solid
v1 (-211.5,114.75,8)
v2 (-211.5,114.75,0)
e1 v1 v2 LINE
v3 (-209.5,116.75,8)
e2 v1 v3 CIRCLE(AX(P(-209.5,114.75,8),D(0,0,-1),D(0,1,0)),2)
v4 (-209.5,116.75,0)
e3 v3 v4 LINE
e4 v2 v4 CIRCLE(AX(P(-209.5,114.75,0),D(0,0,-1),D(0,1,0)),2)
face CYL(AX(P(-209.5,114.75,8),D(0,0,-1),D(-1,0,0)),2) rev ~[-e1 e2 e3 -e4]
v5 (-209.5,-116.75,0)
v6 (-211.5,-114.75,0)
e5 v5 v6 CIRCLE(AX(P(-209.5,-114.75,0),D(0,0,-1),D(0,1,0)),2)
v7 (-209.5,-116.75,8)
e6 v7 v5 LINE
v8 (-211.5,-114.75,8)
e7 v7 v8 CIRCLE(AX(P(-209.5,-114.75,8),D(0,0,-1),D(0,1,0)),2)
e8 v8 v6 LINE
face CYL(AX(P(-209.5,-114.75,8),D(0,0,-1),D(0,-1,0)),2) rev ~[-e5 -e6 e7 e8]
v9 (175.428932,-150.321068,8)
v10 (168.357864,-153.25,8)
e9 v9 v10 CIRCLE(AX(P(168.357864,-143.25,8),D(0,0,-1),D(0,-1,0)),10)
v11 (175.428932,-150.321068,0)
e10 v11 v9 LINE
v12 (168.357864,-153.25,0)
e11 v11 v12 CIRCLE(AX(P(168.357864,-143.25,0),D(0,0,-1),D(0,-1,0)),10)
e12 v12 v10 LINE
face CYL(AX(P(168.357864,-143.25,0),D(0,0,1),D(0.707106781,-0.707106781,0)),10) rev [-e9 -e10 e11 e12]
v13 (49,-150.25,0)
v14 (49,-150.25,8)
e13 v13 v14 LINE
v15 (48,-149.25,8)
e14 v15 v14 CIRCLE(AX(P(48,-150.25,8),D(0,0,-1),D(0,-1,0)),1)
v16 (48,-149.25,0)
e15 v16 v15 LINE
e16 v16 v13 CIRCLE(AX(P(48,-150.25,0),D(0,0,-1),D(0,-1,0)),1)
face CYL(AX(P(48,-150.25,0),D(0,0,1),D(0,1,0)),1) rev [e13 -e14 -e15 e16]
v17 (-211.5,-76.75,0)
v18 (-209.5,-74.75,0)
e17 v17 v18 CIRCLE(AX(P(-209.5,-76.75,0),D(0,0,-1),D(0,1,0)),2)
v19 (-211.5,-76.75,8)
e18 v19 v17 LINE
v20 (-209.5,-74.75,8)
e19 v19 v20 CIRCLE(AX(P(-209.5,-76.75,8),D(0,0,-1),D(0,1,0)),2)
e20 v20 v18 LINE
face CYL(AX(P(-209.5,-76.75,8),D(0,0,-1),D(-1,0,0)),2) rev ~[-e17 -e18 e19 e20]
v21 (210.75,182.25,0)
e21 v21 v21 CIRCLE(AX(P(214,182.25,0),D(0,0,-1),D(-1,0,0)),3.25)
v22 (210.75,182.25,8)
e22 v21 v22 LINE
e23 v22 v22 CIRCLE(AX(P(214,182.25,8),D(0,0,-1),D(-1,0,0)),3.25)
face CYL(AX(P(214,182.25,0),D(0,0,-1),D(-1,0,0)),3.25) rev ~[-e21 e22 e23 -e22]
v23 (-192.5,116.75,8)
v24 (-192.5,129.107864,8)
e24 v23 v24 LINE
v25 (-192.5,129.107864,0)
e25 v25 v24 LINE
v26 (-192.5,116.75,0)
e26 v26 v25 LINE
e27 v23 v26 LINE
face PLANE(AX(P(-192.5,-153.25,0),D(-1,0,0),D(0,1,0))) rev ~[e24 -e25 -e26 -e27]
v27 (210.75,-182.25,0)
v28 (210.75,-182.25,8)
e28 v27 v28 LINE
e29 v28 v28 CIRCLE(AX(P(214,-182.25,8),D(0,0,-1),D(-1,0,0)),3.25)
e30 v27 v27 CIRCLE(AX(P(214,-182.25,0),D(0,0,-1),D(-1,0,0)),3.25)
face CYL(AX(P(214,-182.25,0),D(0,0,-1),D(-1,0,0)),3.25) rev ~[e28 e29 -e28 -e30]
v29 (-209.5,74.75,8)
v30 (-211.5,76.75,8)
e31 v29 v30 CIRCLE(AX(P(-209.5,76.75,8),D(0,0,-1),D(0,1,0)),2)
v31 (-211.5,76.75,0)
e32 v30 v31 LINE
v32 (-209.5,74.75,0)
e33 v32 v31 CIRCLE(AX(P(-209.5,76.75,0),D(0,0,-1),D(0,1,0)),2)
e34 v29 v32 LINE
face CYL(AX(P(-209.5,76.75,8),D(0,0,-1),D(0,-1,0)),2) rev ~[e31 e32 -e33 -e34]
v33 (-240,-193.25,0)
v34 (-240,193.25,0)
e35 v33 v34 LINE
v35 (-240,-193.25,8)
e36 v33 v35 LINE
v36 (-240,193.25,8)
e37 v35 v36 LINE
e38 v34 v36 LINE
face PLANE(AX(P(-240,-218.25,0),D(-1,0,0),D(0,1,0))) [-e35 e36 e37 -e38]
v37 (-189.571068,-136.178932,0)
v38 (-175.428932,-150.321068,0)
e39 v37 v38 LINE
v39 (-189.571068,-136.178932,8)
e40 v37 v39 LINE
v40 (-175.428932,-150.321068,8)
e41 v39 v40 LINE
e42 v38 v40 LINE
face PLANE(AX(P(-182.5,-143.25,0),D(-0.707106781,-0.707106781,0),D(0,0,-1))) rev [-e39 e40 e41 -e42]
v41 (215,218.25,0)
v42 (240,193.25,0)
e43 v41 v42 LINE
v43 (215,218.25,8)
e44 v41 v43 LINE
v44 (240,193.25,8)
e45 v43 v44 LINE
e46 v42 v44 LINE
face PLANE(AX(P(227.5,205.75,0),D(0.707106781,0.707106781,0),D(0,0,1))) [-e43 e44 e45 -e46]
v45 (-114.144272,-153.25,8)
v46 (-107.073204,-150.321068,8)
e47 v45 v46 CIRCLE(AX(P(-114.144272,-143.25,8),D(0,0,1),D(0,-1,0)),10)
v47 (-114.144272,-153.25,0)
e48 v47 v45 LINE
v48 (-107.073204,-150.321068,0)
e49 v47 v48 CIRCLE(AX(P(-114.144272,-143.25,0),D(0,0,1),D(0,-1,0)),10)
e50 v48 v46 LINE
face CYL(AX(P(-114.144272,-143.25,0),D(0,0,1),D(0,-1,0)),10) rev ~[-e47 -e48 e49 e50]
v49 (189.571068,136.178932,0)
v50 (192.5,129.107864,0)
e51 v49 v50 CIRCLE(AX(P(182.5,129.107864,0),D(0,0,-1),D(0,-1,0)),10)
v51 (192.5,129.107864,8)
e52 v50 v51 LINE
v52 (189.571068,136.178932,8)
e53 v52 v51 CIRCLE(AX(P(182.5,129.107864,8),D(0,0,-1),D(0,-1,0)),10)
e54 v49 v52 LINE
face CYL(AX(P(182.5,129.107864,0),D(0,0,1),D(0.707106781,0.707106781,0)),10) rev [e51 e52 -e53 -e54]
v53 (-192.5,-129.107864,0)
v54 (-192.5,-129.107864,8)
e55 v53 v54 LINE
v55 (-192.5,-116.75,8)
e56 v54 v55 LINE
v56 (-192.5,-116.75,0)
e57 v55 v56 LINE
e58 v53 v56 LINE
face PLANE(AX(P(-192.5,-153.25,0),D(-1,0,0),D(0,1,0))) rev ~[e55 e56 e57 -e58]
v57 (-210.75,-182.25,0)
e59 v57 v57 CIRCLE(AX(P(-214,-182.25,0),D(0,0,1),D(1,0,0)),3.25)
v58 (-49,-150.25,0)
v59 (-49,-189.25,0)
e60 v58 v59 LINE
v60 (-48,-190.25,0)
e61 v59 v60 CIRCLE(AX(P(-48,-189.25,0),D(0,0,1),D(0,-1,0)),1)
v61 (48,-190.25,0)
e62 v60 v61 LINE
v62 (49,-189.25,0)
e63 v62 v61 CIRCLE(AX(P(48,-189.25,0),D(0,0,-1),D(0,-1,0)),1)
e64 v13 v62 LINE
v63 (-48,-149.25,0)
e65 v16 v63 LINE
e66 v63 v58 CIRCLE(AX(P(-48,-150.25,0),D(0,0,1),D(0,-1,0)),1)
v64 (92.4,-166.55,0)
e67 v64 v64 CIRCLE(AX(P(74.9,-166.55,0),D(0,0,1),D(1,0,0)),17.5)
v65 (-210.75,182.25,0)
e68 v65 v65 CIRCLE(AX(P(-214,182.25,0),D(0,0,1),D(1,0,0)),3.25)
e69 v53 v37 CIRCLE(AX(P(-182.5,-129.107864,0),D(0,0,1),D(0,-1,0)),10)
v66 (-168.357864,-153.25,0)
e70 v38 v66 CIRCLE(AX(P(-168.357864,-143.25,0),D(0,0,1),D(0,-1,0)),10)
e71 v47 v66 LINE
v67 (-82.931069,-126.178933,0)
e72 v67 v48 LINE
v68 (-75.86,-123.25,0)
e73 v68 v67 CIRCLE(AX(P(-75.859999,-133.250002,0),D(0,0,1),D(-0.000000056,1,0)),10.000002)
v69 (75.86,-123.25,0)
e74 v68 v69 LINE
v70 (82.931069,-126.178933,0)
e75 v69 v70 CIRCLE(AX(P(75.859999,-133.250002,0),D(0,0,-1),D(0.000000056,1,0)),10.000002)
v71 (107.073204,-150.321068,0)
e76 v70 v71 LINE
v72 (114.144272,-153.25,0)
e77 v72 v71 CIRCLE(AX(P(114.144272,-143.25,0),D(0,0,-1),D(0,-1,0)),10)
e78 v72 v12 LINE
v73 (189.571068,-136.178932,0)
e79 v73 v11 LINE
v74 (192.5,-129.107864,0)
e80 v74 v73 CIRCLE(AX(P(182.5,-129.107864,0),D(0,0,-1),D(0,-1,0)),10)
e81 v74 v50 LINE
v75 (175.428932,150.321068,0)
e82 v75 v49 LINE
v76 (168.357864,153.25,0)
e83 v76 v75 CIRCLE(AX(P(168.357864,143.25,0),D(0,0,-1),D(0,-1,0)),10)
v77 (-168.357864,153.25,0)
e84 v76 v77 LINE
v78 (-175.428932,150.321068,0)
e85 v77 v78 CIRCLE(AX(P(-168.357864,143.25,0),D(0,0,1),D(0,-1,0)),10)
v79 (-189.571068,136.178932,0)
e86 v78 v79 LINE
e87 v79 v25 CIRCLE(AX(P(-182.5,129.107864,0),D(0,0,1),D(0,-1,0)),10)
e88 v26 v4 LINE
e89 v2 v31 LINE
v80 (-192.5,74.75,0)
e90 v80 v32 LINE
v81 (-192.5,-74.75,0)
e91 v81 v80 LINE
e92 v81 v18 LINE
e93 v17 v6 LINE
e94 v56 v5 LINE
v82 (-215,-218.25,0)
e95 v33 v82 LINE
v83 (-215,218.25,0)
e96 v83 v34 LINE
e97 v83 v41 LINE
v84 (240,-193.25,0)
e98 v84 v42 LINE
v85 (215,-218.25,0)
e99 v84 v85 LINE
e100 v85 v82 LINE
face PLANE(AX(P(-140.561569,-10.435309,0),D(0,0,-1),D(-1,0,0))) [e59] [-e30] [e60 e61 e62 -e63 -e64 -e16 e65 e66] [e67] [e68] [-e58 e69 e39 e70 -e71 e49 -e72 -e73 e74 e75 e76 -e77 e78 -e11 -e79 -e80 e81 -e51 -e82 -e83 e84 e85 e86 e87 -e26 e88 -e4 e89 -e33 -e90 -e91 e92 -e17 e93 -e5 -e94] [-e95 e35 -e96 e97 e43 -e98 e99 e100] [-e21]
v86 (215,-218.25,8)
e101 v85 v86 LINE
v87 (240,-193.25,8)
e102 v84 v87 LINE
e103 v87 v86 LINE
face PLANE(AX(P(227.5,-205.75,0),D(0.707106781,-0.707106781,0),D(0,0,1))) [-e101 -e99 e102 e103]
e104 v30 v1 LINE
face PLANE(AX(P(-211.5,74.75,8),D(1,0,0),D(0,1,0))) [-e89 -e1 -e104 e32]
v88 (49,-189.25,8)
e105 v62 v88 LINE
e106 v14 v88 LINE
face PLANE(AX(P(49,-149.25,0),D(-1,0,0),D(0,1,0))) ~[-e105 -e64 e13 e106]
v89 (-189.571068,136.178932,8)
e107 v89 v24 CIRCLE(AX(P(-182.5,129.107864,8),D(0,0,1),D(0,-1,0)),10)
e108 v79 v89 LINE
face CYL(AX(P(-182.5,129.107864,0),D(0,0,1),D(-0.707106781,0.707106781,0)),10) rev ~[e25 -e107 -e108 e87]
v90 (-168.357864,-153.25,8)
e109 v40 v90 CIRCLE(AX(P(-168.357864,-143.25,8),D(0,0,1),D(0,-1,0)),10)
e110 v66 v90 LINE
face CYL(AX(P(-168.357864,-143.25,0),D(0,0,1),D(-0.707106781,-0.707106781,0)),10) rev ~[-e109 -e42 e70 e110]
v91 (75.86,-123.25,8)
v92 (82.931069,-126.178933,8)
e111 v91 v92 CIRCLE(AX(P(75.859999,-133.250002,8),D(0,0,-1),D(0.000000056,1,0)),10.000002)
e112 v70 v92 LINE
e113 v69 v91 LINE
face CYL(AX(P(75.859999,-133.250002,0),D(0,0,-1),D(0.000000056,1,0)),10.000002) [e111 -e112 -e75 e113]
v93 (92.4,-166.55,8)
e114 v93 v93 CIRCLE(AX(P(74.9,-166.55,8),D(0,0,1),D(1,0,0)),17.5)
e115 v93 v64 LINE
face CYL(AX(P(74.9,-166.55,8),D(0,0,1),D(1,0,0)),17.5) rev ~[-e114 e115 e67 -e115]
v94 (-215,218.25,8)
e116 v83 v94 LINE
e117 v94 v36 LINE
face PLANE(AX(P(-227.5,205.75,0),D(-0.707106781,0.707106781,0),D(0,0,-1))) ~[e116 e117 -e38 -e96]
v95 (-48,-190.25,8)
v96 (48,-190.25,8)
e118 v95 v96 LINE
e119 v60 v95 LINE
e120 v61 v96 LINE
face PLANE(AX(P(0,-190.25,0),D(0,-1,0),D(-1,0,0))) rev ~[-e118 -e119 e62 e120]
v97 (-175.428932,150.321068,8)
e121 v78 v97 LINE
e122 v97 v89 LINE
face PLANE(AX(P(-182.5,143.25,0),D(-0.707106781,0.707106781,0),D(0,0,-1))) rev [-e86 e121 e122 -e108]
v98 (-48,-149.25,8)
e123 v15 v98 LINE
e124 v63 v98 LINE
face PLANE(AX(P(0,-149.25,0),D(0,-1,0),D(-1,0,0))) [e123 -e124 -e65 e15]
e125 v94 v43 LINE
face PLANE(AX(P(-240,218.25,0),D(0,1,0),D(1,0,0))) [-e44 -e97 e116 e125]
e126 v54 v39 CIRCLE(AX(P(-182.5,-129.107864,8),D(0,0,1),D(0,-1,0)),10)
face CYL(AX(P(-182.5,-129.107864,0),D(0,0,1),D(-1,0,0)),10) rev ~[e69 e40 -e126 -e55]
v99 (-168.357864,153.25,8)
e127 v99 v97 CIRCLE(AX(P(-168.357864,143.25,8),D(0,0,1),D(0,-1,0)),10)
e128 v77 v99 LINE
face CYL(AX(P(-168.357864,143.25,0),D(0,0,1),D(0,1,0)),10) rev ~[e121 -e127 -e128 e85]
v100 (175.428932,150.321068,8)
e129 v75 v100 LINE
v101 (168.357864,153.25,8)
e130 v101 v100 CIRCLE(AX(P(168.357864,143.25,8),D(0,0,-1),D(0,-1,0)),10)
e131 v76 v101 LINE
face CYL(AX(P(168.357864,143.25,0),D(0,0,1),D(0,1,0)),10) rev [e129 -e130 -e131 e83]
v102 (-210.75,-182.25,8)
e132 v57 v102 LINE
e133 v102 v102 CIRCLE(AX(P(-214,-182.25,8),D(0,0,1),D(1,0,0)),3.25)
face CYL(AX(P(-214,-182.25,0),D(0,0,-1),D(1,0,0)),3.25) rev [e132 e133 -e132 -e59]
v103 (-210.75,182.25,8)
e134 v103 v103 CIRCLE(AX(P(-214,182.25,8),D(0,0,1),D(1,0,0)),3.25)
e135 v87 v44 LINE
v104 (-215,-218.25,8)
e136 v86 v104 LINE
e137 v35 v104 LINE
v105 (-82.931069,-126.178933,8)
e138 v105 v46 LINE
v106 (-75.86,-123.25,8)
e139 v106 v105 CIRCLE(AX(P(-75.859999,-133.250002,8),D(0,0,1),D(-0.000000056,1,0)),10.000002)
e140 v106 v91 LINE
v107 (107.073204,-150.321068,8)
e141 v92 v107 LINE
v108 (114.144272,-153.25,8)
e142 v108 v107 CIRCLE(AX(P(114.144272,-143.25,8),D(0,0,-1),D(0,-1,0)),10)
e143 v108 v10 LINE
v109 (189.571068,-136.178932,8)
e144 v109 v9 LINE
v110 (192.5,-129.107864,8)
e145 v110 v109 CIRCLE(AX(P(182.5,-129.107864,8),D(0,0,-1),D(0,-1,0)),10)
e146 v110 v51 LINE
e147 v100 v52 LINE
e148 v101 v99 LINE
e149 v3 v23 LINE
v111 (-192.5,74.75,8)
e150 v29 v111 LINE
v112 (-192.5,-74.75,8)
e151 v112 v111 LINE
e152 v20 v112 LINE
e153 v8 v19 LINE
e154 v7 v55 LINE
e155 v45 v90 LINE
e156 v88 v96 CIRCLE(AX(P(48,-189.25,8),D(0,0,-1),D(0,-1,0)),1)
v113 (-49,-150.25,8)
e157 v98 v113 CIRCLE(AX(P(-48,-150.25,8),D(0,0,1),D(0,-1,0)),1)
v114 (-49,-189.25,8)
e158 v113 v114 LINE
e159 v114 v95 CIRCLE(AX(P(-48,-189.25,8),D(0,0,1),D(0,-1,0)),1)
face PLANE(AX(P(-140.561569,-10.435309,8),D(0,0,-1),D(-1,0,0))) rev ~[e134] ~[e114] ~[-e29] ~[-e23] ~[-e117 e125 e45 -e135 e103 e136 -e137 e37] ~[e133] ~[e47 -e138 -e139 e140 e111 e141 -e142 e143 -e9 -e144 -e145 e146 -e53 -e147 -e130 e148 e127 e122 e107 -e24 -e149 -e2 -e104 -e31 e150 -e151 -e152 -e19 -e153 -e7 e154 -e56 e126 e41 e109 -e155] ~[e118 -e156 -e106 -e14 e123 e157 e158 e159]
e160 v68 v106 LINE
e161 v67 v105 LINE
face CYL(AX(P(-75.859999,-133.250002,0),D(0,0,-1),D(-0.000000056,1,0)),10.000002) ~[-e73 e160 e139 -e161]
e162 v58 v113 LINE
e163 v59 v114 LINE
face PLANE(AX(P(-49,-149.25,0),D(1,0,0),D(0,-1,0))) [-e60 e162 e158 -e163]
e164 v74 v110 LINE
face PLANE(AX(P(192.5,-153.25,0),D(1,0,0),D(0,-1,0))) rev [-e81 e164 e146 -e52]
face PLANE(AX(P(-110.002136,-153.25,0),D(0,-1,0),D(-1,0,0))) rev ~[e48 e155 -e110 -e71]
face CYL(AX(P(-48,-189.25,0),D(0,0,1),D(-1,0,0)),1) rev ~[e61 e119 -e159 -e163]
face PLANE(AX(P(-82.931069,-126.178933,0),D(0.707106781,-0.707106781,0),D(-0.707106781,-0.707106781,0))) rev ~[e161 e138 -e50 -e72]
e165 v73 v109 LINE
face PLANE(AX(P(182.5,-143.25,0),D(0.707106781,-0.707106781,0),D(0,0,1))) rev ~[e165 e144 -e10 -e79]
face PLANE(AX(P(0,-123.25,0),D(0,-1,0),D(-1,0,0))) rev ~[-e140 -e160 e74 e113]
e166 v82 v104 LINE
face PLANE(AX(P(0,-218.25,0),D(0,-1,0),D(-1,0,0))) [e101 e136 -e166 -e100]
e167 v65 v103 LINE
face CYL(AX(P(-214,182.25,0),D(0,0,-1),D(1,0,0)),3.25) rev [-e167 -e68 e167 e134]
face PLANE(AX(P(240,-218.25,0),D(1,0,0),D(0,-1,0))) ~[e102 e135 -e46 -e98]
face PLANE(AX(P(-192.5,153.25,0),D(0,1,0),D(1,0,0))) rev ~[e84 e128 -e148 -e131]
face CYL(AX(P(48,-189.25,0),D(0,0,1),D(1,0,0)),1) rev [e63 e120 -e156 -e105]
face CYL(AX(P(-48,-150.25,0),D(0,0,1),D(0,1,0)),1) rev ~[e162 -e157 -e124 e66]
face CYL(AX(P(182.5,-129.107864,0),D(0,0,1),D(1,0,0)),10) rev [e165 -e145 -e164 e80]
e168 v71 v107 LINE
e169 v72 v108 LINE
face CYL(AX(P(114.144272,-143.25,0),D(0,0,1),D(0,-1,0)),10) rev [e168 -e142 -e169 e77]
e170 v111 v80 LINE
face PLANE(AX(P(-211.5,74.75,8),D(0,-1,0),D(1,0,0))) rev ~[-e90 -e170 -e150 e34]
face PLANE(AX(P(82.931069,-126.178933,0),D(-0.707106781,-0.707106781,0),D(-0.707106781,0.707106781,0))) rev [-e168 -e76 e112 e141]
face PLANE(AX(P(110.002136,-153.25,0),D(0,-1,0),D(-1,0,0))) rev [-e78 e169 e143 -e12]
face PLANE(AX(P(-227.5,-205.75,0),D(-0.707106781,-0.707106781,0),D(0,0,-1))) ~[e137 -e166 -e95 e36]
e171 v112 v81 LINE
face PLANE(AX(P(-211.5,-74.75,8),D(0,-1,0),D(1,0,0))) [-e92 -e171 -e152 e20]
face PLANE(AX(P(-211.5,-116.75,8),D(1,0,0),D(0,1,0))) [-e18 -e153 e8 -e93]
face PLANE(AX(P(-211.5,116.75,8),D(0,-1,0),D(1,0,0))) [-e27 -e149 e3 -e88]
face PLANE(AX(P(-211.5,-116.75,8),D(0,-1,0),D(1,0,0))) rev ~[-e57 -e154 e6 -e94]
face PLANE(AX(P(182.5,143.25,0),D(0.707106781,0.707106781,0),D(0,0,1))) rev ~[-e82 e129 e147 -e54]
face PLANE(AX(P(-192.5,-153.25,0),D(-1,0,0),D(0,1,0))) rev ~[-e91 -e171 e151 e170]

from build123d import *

# Parameters (mm, degrees)
SKETCH_R        = 3.25
PAD_DEPTH       = 8
CHAMFER_SIZE    = 25
CHAMFER001_SIZE = 20
FILLET_R        = 10
FILLET001_R     = 10
FILLET002_R     = 1
SKETCH002_R     = 17.5
SKETCH002_W     = 19
SKETCH002_H     = 42
POCKET_DEPTH    = 8.001
FILLET003_R     = 2


with BuildPart() as fillet002:
    # Sketch → Pad (new body)
    with BuildSketch(Plane.XY):
        with BuildLine():
            Line((-240, 218.25), (0, 218.25))
            Line((0, 153.25), (0, 218.25))
            Line((-192.5, 153.25), (0, 153.25))
            Line((-192.5, -153.25), (-192.5, 153.25))
            Line((-110.002136, -153.25), (-192.5, -153.25))
            Line((-82.931069, -126.178933), (-110.002136, -153.25))
            ThreePointArc((-75.86, -123.25), (-79.686835, -124.011205), (-82.931069, -126.178933))
            Line((0, -123.25), (-75.86, -123.25))
            Line((0, -123.25), (0, -149.25))
            Line((0, -149.25), (-49, -149.25))
            Line((-49, -149.25), (-49, -190.25))
            Line((0, -190.25), (-49, -190.25))
            Line((0, -190.25), (0, -218.25))
            Line((0, -218.25), (-240, -218.25))
            Line((-240, -218.25), (-240, 218.25))
        make_face()
        with Locations((-214, -182.25)):
            Circle(SKETCH_R, mode=Mode.SUBTRACT)
        with Locations((-214, 182.25)):
            Circle(SKETCH_R, mode=Mode.SUBTRACT)
    extrude(amount=PAD_DEPTH)

    # Chamfer
    chamfer_edges = [fillet002.edges().sort_by_distance(p)[0] for p in [
        (-240, 218.25, 4),
        (-240, -218.25, 4),
    ]]
    chamfer(chamfer_edges, length=CHAMFER_SIZE)

    # Chamfer001
    chamfer001_edges = [fillet002.edges().sort_by_distance(p)[0] for p in [
        (-192.5, -153.25, 4),
        (-192.5, 153.25, 4),
    ]]
    chamfer(chamfer001_edges, length=CHAMFER001_SIZE)

    # Fillet
    fillet_edges = [fillet002.edges().sort_by_distance(p)[0] for p in [
        (-192.5, -133.25, 4),
        (-172.5, -153.25, 4),
        (-172.5, 153.25, 4),
        (-192.5, 133.25, 4),
    ]]
    fillet(fillet_edges, radius=FILLET_R)

    # Fillet001
    fillet001_edges = [fillet002.edges().sort_by_distance(p)[0] for p in [
        (-110.002136, -153.25, 4),
    ]]
    fillet(fillet001_edges, radius=FILLET001_R)

    # Fillet002
    fillet002_edges = [fillet002.edges().sort_by_distance(p)[0] for p in [
        (-49, -149.25, 4),
        (-49, -190.25, 4),
    ]]
    fillet(fillet002_edges, radius=FILLET002_R)


with BuildPart() as fillet003:
    # Part__Mirroring: instance of Fillet002
    add(fillet002.part.mirror(Plane(origin=(0, 0, 0), x_dir=(0, -1, 0), z_dir=(1, 0, 0))))

    # Fusion: union Fillet002
    add(fillet002.part)

    # Sketch002 → Pocket (cut, through all)
    with BuildSketch(Plane.XY.offset(8)):
        with Locations((74.9, -166.55)):
            Circle(SKETCH002_R)
        with Locations((-202, 95.75)):
            Rectangle(SKETCH002_W, SKETCH002_H)
        with Locations((-202, -95.75)):
            Rectangle(SKETCH002_W, SKETCH002_H)
    extrude(amount=-POCKET_DEPTH, mode=Mode.SUBTRACT)

    # Fillet003
    fillet003_edges = [fillet003.edges().sort_by_distance(p)[0] for p in [
        (-211.5, -74.75, 4),
        (-211.5, -116.75, 4),
        (-211.5, 116.75, 4),
        (-211.5, 74.75, 4),
    ]]
    fillet(fillet003_edges, radius=FILLET003_R)


solid = fillet003.part
